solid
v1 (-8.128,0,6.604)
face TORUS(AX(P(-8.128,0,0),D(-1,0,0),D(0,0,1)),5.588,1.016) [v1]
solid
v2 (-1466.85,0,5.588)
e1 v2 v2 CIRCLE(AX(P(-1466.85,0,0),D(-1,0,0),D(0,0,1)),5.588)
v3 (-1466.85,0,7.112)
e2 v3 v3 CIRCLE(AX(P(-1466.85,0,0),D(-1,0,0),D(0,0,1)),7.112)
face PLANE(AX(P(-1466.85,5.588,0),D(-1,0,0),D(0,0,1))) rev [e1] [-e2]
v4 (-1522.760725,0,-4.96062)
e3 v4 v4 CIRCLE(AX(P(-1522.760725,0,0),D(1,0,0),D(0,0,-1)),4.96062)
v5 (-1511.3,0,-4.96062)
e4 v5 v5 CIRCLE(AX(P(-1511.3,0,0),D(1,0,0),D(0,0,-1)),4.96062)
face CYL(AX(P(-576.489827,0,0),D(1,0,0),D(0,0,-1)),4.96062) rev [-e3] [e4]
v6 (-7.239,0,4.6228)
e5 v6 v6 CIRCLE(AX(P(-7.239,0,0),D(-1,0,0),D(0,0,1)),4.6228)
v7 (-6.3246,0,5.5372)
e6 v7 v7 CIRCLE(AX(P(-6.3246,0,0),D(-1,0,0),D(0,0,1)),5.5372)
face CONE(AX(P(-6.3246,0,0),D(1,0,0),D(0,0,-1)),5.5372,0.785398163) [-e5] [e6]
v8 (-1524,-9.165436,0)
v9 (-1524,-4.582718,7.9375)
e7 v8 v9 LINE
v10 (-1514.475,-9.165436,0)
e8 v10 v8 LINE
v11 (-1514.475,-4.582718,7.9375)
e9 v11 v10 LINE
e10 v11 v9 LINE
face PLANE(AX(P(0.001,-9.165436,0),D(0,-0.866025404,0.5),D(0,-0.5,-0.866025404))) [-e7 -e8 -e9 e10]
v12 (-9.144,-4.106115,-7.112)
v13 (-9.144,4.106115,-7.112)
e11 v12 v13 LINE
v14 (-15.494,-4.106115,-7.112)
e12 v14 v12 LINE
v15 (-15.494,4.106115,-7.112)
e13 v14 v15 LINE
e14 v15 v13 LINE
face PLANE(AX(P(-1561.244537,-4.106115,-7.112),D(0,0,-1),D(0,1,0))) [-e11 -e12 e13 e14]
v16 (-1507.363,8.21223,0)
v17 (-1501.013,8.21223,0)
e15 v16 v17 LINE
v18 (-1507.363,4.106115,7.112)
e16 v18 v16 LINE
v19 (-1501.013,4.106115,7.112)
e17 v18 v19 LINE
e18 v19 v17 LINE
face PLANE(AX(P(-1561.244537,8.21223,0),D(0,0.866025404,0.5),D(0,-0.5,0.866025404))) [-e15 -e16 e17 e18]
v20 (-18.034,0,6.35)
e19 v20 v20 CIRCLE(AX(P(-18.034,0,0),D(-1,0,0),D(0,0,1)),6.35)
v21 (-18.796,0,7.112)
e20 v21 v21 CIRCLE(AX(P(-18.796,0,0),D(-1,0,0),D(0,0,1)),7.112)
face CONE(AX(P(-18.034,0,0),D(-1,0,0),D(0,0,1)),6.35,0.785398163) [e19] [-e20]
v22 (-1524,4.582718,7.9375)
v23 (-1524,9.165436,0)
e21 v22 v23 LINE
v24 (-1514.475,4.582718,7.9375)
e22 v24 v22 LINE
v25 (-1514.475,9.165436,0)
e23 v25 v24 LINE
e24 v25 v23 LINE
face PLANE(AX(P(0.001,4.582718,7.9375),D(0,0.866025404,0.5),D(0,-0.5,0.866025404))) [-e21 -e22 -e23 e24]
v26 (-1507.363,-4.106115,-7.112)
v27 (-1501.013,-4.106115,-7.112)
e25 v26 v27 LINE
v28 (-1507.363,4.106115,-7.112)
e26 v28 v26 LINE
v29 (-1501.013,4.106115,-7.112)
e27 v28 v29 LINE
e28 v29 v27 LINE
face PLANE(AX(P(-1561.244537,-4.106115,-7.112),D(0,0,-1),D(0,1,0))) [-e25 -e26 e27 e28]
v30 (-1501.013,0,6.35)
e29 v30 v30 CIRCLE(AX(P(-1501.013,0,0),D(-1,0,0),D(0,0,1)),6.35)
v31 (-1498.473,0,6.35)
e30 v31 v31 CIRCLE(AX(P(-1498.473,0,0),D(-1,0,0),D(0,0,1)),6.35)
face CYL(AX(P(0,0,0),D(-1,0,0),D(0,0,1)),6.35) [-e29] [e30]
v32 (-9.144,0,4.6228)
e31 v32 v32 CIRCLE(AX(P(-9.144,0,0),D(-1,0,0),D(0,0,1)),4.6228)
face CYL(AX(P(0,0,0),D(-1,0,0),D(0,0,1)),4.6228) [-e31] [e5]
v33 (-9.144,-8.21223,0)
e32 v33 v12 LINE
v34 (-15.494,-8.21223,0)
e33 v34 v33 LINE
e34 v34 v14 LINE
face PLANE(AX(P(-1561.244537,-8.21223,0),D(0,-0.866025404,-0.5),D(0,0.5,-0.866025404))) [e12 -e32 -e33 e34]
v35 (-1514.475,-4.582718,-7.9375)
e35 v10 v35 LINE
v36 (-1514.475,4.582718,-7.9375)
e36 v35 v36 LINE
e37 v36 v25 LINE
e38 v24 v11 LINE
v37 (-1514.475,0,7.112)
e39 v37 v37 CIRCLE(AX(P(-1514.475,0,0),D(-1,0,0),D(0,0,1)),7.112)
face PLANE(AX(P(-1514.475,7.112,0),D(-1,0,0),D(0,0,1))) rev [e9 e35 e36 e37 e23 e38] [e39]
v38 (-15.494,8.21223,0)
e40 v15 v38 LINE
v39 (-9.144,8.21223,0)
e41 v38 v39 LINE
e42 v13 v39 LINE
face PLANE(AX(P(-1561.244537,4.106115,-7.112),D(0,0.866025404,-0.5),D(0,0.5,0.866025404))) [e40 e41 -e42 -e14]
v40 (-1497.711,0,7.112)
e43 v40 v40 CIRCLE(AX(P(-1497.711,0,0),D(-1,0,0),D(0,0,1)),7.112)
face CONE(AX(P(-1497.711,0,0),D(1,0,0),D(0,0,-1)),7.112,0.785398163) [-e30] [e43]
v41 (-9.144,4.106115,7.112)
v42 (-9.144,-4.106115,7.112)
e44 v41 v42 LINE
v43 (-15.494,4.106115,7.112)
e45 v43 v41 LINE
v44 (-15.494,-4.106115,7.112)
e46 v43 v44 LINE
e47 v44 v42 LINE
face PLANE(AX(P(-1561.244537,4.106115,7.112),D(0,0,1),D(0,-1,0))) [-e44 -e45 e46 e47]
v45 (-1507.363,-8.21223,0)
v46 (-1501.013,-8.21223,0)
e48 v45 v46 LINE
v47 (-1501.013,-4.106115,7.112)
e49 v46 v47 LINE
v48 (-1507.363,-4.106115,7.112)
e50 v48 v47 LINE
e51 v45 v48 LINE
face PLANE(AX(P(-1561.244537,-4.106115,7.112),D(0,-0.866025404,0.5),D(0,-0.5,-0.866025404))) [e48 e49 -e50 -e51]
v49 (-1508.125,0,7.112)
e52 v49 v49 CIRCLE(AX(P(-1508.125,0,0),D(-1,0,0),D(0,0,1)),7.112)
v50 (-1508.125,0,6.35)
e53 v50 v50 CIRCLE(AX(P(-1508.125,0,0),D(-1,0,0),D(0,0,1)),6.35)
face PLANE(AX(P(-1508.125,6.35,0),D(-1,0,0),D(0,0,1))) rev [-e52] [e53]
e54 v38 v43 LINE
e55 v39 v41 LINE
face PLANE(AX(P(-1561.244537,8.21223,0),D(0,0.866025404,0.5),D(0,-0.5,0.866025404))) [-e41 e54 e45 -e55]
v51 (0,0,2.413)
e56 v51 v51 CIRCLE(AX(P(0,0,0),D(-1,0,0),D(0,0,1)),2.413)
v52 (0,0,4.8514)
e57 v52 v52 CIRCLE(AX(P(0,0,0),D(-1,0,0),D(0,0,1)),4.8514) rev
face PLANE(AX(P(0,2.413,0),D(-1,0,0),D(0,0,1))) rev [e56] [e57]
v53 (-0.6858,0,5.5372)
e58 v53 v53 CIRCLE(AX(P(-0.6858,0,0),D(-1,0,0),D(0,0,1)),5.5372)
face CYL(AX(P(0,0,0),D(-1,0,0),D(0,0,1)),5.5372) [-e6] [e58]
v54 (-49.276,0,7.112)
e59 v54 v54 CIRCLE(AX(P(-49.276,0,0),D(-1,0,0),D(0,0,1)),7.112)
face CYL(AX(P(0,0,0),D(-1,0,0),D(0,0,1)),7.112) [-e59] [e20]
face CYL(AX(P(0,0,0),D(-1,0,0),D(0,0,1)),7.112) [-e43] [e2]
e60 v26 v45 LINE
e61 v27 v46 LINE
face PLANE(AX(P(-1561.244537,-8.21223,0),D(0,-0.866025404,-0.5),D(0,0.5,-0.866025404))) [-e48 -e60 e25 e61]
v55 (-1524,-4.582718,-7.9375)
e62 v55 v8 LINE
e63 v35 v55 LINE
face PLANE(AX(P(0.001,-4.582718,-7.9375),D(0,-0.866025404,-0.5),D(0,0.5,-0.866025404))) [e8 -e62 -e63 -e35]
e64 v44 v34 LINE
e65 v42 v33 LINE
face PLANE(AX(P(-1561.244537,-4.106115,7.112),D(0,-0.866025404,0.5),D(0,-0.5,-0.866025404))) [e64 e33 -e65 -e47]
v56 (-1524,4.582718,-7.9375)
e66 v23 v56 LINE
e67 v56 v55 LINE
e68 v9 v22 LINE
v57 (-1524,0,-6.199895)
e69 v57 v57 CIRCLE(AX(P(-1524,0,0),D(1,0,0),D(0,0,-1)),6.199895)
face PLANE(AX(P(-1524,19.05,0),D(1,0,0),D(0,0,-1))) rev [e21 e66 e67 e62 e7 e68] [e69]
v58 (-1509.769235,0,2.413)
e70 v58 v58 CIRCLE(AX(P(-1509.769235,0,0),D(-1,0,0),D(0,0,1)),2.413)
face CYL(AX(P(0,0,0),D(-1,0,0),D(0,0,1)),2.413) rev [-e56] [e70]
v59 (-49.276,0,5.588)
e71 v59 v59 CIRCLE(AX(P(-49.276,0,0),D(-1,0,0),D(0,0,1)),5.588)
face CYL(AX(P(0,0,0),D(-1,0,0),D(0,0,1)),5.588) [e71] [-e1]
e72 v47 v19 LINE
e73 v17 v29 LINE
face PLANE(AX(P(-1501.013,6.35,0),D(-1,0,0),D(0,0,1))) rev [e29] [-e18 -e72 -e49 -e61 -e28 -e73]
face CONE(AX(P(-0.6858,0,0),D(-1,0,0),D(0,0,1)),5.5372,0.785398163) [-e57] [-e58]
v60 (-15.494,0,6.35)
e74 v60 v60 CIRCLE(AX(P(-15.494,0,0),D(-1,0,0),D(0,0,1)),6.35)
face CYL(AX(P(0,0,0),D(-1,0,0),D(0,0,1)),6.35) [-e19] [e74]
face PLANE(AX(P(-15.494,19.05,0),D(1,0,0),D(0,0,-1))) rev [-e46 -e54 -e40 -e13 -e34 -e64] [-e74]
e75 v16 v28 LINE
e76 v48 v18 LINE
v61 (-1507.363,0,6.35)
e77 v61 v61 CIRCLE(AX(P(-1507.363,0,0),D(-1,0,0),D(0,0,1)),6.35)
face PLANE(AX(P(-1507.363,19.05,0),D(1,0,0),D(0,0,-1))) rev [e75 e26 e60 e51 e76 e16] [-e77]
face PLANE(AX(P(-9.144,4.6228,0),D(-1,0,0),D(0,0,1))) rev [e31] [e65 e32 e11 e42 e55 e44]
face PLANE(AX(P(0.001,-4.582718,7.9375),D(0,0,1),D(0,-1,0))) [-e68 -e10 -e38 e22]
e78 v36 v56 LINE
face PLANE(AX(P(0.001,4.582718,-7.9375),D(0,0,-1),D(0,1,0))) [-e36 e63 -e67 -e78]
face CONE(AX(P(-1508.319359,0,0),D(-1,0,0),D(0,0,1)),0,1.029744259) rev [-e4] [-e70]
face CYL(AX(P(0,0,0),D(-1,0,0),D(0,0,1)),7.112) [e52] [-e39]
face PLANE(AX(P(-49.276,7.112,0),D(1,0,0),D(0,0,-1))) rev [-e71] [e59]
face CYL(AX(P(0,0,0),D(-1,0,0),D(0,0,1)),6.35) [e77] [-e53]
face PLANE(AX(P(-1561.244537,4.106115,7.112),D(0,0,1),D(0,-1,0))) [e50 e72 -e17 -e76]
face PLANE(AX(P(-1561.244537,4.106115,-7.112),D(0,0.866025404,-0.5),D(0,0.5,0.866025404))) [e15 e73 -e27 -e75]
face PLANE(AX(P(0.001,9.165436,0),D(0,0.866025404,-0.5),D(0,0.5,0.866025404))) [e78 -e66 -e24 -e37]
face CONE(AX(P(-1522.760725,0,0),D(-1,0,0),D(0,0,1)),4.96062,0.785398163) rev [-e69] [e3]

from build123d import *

# Parameters (mm, degrees)
SKETCH2_R          = 19.05
CUT_EXTRUDE1_DEPTH = 1498.219
CUT_EXTRUDE2_REACH = 1526
SKETCH3_R          = 19.05
CHAMFER1_SIZE      = 0.6858
SKETCH4_R          = 1.016


with BuildPart() as part:
    # Sketch1 → Revolve1 (revolve)
    with BuildSketch(Plane.XY, mode=Mode.PRIVATE) as revolve1_sk:
        Polygon((-1524, 2.413), (0, 2.413), (0, 5.5372), (-6.3246, 5.5372), (-7.239, 4.6228), (-9.144, 4.6228), (-9.144, 19.05), (-15.494, 19.05), (-15.494, 6.35), (-18.034, 6.35), (-18.796, 7.112), (-49.276, 7.112), (-49.276, 5.588), (-1466.85, 5.588), (-1466.85, 7.112), (-1497.711, 7.112), (-1498.473, 6.35), (-1501.013, 6.35), (-1501.013, 19.05), (-1507.363, 19.05), (-1507.363, 6.35), (-1508.125, 6.35), (-1508.125, 7.112), (-1514.475, 7.112), (-1514.475, 19.05), (-1524, 19.05), align=None)
    revolve(revolve1_sk.sketch.rotate(Axis((0, 0, 0), (1, 0, 0)), 90), axis=Axis((0, 0, 0), (1, 0, 0)))  # turned: the seam where the file's is

    # Sketch2 → Cut-Extrude1 (cut)
    with BuildSketch(Plane(origin=(-9.144, 0, 0), x_dir=(0, 0, -1), z_dir=(1, 0, 0))):
        with Locations(Location((0, 0, 0), (0, 0, 180))):  # turned: the seam where the file's is
            Circle(SKETCH2_R)
        Polygon((0, 8.212230229), (-7.112, 4.106115114), (-7.112, -4.106115114), (0, -8.212230229), (7.112, -4.106115114), (7.112, 4.106115114), align=None, mode=Mode.SUBTRACT)
    extrude(amount=-CUT_EXTRUDE1_DEPTH, mode=Mode.SUBTRACT)

    # Sketch3 → Cut-Extrude2 (cut, up to next)
    with BuildSketch(Plane.ZY.offset(1524), mode=Mode.PRIVATE) as cut_extrude2_sk1:
        Circle(SKETCH3_R)
        Polygon((0, 9.165435523), (-7.9375, 4.582717762), (-7.9375, -4.582717762), (0, -9.165435523), (7.9375, -4.582717762), (7.9375, 4.582717762), align=None, mode=Mode.SUBTRACT)
    cut_extrude2_tool1 = extrude(cut_extrude2_sk1.sketch, amount=-CUT_EXTRUDE2_REACH, mode=Mode.PRIVATE) & part.part
    add(cut_extrude2_tool1.solids().sort_by_distance((-1524, 0, -18.511185))[0], mode=Mode.SUBTRACT)

    # Chamfer1
    chamfer1_edges = [part.edges().sort_by_distance(p)[0] for p in [
        (0, 0, -5.5372),
    ]]
    chamfer(chamfer1_edges, length=CHAMFER1_SIZE)

    # Sketch5 → Cut-Revolve2 (revolve, cut)
    with BuildSketch(Plane.XY, mode=Mode.PRIVATE) as cut_revolve2_sk:
        Polygon((-1524, 6.199895345), (-1522.760724655, 4.96062), (-1511.3, 4.96062), (-1508.319358796, 0), (-1524, 0), align=None)
    revolve(cut_revolve2_sk.sketch.rotate(Axis((-576.489826751, 0, 0), (-1, 0, 0)), 270), axis=Axis((-576.489826751, 0, 0), (-1, 0, 0)), mode=Mode.SUBTRACT)  # turned: the seam where the file's is


with BuildPart() as body_2:
    # Sketch4 → Revolve5 (revolve)
    with BuildSketch(Plane.XY, mode=Mode.PRIVATE) as revolve5_sk:
        with Locations((-8.128, 5.588)):
            Circle(SKETCH4_R)
    revolve(revolve5_sk.sketch.rotate(Axis((0, 0, 0), (1, 0, 0)), 90), axis=Axis((0, 0, 0), (1, 0, 0)))  # turned: the seam where the file's is


solid = Compound([part.part, body_2.part])
